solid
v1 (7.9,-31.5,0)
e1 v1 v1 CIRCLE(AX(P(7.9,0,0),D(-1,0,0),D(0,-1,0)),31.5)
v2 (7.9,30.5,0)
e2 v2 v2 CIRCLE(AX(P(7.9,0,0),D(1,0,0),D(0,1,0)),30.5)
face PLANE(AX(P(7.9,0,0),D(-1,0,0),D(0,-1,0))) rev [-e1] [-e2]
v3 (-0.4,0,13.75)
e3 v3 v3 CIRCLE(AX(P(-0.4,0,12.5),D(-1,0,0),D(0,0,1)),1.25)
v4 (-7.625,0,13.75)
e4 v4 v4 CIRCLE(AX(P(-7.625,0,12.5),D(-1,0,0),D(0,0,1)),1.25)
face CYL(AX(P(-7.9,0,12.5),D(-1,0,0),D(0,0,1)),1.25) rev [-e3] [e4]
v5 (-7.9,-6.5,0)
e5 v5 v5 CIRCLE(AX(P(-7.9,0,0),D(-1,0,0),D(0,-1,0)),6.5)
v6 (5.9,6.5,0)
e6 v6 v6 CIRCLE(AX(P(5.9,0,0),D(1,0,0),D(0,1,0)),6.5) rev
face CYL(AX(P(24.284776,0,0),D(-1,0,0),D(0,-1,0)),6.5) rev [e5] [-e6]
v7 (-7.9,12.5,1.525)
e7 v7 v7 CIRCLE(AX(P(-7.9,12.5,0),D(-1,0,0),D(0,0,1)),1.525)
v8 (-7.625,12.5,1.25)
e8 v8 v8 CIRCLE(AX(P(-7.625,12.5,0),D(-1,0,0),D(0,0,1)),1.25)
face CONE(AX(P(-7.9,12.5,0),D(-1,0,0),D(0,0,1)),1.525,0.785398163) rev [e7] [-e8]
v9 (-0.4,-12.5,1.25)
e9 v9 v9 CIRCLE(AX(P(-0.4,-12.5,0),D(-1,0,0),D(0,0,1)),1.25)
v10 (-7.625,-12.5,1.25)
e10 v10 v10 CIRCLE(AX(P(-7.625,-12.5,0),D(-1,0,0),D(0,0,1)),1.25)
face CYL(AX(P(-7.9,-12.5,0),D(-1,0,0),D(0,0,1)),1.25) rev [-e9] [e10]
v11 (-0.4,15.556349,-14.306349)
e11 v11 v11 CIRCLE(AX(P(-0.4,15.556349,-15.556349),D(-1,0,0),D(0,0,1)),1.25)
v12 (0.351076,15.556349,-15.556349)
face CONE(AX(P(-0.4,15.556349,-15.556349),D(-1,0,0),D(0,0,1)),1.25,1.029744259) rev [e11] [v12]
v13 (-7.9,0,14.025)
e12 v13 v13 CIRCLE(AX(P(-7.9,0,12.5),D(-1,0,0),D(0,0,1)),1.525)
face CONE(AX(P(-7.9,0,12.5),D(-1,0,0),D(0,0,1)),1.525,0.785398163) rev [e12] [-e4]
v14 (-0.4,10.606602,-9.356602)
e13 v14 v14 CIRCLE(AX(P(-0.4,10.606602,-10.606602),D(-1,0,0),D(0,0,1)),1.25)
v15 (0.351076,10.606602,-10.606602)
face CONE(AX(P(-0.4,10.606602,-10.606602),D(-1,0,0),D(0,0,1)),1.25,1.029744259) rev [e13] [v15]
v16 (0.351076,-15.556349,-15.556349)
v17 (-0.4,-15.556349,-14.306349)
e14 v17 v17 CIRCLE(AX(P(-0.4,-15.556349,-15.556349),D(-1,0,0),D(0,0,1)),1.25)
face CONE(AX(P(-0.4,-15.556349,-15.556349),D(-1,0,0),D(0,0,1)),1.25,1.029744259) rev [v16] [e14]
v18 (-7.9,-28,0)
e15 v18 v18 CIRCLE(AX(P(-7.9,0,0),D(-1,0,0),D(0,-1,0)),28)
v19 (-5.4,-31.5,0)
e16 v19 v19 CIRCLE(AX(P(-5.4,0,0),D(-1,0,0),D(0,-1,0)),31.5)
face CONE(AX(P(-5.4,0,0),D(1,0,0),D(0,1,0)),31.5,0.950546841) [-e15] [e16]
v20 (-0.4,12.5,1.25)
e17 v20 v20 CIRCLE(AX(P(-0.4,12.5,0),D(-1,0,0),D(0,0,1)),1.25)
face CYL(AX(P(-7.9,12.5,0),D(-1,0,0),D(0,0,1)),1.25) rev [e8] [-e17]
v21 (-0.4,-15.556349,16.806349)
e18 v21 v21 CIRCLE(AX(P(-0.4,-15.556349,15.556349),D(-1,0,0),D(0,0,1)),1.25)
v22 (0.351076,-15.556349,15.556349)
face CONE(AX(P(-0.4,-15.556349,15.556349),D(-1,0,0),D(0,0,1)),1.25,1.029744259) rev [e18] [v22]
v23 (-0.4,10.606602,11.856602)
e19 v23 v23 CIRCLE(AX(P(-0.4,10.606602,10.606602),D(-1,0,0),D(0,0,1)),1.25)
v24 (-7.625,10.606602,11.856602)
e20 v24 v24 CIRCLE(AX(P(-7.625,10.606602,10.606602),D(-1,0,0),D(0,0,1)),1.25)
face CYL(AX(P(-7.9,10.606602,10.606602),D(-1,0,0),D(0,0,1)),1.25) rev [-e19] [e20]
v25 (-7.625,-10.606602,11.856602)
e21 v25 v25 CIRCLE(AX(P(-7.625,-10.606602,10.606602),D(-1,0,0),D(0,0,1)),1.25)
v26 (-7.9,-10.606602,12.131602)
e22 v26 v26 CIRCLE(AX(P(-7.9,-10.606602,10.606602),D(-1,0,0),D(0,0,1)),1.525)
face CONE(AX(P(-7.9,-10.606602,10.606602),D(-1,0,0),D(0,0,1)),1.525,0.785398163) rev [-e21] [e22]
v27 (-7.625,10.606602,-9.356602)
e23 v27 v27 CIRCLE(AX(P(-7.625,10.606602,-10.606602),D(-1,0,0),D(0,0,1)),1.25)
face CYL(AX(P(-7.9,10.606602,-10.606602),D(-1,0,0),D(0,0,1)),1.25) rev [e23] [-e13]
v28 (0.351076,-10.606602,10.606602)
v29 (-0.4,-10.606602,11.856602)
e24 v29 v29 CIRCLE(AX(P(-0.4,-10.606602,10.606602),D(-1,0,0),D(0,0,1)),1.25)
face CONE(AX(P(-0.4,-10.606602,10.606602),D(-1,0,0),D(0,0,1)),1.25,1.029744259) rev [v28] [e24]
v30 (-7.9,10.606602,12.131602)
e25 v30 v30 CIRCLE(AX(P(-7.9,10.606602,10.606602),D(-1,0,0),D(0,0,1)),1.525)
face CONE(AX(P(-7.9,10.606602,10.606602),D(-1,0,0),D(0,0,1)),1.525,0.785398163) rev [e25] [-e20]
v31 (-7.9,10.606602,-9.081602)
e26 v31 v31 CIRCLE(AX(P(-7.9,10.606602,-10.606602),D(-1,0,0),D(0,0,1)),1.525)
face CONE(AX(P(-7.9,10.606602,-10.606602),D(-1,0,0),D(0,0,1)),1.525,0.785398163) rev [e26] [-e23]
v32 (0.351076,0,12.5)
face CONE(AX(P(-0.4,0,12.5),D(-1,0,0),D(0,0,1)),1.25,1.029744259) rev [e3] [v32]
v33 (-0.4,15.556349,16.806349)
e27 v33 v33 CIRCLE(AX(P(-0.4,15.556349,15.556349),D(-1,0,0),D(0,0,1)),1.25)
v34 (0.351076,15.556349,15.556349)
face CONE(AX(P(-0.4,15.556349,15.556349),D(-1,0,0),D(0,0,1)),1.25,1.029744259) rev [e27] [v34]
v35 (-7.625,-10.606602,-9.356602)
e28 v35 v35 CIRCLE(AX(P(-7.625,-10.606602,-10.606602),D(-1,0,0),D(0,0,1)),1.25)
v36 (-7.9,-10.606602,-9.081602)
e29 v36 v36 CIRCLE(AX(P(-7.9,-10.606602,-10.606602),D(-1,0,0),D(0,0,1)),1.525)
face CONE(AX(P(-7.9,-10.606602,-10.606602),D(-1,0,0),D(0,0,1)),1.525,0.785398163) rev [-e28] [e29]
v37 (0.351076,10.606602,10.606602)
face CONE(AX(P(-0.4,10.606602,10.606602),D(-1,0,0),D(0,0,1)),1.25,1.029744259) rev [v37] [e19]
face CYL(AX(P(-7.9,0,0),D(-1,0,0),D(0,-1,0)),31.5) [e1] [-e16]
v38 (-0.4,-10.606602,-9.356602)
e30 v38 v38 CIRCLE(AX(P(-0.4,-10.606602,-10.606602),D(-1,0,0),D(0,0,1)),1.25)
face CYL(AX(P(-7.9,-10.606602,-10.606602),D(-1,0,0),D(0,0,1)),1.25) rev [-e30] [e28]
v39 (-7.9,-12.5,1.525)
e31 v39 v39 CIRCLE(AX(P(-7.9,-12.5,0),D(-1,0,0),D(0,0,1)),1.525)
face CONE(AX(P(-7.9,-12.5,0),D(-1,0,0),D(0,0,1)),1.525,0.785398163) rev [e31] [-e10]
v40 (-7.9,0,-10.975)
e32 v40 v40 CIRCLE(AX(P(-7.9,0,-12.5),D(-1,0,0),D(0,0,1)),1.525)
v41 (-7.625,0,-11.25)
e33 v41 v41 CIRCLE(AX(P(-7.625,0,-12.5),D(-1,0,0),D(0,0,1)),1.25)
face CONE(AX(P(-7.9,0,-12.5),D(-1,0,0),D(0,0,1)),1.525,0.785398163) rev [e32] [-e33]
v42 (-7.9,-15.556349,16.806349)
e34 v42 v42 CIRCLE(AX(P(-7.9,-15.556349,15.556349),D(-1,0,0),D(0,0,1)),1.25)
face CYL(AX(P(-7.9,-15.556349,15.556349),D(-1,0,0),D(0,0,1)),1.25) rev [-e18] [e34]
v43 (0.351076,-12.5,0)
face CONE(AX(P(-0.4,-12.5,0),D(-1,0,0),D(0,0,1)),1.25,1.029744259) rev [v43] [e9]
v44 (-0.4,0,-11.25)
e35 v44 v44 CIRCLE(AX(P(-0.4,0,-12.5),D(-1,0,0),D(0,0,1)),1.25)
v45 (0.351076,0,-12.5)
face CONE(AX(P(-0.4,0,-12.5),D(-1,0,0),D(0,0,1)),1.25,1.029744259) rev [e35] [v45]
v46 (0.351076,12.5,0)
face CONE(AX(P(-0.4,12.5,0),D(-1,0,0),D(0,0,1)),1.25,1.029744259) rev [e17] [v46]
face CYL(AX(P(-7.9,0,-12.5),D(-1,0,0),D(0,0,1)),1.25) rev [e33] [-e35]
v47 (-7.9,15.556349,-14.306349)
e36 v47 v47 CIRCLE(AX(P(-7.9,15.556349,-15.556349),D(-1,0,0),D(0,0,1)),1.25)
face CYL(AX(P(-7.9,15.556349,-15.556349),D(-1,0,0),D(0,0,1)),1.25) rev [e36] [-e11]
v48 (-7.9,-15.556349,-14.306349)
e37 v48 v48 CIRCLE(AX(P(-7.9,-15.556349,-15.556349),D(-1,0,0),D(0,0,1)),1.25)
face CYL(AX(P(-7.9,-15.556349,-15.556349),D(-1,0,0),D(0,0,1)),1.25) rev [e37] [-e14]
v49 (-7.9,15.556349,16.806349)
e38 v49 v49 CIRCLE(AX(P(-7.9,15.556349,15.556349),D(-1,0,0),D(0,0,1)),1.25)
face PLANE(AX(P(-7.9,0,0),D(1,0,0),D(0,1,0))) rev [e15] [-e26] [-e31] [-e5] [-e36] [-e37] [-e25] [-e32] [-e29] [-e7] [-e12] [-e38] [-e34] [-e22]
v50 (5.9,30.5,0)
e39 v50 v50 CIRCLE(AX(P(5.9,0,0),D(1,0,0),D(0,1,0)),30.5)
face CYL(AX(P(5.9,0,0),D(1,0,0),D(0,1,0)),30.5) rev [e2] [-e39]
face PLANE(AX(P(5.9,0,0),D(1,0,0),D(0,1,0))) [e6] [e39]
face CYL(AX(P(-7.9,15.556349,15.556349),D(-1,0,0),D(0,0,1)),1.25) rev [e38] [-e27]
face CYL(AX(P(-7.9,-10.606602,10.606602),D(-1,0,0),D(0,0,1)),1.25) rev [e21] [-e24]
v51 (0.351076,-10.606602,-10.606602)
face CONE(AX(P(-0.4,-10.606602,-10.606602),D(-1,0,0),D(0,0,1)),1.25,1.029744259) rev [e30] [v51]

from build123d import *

# Parameters (mm, degrees)
SKETCH2_R                       = 30.5
CUT_EXTRUDE1_DEPTH              = 2
M3X0_5_TAPPED_HOLE1_D           = 2.5
M3X0_5_TAPPED_HOLE1_DEPTH       = 7.5
M3X0_5_TAPPED_HOLE1_TIP         = 0.751075774
M3X0_5_TAPPED_HOLE2_D           = 2.5
M3X0_5_TAPPED_HOLE2_DEPTH       = 7.5
M3X0_5_TAPPED_HOLE2_CSINK_D     = 3.05
M3X0_5_TAPPED_HOLE2_CSINK_ANGLE = 90
M3X0_5_TAPPED_HOLE2_TIP         = 0.751075774
M3X0_5_TAPPED_HOLE3_D           = 2.5
M3X0_5_TAPPED_HOLE3_DEPTH       = 7.5
M3X0_5_TAPPED_HOLE3_CSINK_D     = 3.05
M3X0_5_TAPPED_HOLE3_CSINK_ANGLE = 90
M3X0_5_TAPPED_HOLE3_TIP         = 0.751075774
SKETCH11_R                      = 6.5
CUT_EXTRUDE2_DEPTH              = 13.8


with BuildPart() as part:
    # Sketch1 → Revolve1 (revolve)
    with BuildSketch(Plane.XY, mode=Mode.PRIVATE) as revolve1_sk:
        Polygon((-7.9, 0), (7.9, 0), (7.9, 31.5), (-5.4, 31.5), (-7.9, 28), align=None)
    revolve(revolve1_sk.sketch.rotate(Axis((-7.9, 0, 0), (1, 0, 0)), 180), axis=Axis((-7.9, 0, 0), (1, 0, 0)))

    # Sketch2 → Cut-Extrude1 (cut)
    with BuildSketch(Plane(origin=(7.9, 0, 0), x_dir=(0, 0, -1), z_dir=(1, 0, 0))):
        with Locations(Location((0, 0, 0), (0, 0, 90))):
            Circle(SKETCH2_R)
    extrude(amount=-CUT_EXTRUDE1_DEPTH, mode=Mode.SUBTRACT)

    # M3x0.5 Tapped Hole1
    with Locations(Plane.ZY.offset(7.9)):
        with Locations((-15.556349186, 15.556349186), (15.556349186, 15.556349186), (15.556349186, -15.556349186), (-15.556349186, -15.556349186)):
            Hole(M3X0_5_TAPPED_HOLE1_D / 2, depth=M3X0_5_TAPPED_HOLE1_DEPTH)
            with Locations((0, 0, -(M3X0_5_TAPPED_HOLE1_DEPTH + M3X0_5_TAPPED_HOLE1_TIP / 2))):  # 118° drill point
                Cone(0, M3X0_5_TAPPED_HOLE1_D / 2, M3X0_5_TAPPED_HOLE1_TIP, mode=Mode.SUBTRACT)

    # M3x0.5 Tapped Hole2
    with Locations(Plane.ZY.offset(7.9)):
        with Locations((-10.606601718, 10.606601718), (-10.606601718, -10.606601718), (10.606601718, -10.606601718), (10.606601718, 10.606601718)):
            CounterSinkHole(M3X0_5_TAPPED_HOLE2_D / 2, M3X0_5_TAPPED_HOLE2_CSINK_D / 2, depth=M3X0_5_TAPPED_HOLE2_DEPTH, counter_sink_angle=M3X0_5_TAPPED_HOLE2_CSINK_ANGLE)
            with Locations((0, 0, -(M3X0_5_TAPPED_HOLE2_DEPTH + M3X0_5_TAPPED_HOLE2_TIP / 2))):  # 118° drill point
                Cone(0, M3X0_5_TAPPED_HOLE2_D / 2, M3X0_5_TAPPED_HOLE2_TIP, mode=Mode.SUBTRACT)

    # M3x0.5 Tapped Hole3
    with Locations(Plane.ZY.offset(7.9)):
        with Locations((0, 12.5), (-12.5, 0), (0, -12.5), (12.5, 0)):
            CounterSinkHole(M3X0_5_TAPPED_HOLE3_D / 2, M3X0_5_TAPPED_HOLE3_CSINK_D / 2, depth=M3X0_5_TAPPED_HOLE3_DEPTH, counter_sink_angle=M3X0_5_TAPPED_HOLE3_CSINK_ANGLE)
            with Locations((0, 0, -(M3X0_5_TAPPED_HOLE3_DEPTH + M3X0_5_TAPPED_HOLE3_TIP / 2))):  # 118° drill point
                Cone(0, M3X0_5_TAPPED_HOLE3_D / 2, M3X0_5_TAPPED_HOLE3_TIP, mode=Mode.SUBTRACT)

    # Sketch11 → Cut-Extrude2 (cut)
    with BuildSketch(Plane.ZY.offset(7.9)):
        with Locations(Location((0, 0, 0), (0, 0, 270))):
            Circle(SKETCH11_R)
    extrude(amount=-CUT_EXTRUDE2_DEPTH, mode=Mode.SUBTRACT)


solid = part.part
